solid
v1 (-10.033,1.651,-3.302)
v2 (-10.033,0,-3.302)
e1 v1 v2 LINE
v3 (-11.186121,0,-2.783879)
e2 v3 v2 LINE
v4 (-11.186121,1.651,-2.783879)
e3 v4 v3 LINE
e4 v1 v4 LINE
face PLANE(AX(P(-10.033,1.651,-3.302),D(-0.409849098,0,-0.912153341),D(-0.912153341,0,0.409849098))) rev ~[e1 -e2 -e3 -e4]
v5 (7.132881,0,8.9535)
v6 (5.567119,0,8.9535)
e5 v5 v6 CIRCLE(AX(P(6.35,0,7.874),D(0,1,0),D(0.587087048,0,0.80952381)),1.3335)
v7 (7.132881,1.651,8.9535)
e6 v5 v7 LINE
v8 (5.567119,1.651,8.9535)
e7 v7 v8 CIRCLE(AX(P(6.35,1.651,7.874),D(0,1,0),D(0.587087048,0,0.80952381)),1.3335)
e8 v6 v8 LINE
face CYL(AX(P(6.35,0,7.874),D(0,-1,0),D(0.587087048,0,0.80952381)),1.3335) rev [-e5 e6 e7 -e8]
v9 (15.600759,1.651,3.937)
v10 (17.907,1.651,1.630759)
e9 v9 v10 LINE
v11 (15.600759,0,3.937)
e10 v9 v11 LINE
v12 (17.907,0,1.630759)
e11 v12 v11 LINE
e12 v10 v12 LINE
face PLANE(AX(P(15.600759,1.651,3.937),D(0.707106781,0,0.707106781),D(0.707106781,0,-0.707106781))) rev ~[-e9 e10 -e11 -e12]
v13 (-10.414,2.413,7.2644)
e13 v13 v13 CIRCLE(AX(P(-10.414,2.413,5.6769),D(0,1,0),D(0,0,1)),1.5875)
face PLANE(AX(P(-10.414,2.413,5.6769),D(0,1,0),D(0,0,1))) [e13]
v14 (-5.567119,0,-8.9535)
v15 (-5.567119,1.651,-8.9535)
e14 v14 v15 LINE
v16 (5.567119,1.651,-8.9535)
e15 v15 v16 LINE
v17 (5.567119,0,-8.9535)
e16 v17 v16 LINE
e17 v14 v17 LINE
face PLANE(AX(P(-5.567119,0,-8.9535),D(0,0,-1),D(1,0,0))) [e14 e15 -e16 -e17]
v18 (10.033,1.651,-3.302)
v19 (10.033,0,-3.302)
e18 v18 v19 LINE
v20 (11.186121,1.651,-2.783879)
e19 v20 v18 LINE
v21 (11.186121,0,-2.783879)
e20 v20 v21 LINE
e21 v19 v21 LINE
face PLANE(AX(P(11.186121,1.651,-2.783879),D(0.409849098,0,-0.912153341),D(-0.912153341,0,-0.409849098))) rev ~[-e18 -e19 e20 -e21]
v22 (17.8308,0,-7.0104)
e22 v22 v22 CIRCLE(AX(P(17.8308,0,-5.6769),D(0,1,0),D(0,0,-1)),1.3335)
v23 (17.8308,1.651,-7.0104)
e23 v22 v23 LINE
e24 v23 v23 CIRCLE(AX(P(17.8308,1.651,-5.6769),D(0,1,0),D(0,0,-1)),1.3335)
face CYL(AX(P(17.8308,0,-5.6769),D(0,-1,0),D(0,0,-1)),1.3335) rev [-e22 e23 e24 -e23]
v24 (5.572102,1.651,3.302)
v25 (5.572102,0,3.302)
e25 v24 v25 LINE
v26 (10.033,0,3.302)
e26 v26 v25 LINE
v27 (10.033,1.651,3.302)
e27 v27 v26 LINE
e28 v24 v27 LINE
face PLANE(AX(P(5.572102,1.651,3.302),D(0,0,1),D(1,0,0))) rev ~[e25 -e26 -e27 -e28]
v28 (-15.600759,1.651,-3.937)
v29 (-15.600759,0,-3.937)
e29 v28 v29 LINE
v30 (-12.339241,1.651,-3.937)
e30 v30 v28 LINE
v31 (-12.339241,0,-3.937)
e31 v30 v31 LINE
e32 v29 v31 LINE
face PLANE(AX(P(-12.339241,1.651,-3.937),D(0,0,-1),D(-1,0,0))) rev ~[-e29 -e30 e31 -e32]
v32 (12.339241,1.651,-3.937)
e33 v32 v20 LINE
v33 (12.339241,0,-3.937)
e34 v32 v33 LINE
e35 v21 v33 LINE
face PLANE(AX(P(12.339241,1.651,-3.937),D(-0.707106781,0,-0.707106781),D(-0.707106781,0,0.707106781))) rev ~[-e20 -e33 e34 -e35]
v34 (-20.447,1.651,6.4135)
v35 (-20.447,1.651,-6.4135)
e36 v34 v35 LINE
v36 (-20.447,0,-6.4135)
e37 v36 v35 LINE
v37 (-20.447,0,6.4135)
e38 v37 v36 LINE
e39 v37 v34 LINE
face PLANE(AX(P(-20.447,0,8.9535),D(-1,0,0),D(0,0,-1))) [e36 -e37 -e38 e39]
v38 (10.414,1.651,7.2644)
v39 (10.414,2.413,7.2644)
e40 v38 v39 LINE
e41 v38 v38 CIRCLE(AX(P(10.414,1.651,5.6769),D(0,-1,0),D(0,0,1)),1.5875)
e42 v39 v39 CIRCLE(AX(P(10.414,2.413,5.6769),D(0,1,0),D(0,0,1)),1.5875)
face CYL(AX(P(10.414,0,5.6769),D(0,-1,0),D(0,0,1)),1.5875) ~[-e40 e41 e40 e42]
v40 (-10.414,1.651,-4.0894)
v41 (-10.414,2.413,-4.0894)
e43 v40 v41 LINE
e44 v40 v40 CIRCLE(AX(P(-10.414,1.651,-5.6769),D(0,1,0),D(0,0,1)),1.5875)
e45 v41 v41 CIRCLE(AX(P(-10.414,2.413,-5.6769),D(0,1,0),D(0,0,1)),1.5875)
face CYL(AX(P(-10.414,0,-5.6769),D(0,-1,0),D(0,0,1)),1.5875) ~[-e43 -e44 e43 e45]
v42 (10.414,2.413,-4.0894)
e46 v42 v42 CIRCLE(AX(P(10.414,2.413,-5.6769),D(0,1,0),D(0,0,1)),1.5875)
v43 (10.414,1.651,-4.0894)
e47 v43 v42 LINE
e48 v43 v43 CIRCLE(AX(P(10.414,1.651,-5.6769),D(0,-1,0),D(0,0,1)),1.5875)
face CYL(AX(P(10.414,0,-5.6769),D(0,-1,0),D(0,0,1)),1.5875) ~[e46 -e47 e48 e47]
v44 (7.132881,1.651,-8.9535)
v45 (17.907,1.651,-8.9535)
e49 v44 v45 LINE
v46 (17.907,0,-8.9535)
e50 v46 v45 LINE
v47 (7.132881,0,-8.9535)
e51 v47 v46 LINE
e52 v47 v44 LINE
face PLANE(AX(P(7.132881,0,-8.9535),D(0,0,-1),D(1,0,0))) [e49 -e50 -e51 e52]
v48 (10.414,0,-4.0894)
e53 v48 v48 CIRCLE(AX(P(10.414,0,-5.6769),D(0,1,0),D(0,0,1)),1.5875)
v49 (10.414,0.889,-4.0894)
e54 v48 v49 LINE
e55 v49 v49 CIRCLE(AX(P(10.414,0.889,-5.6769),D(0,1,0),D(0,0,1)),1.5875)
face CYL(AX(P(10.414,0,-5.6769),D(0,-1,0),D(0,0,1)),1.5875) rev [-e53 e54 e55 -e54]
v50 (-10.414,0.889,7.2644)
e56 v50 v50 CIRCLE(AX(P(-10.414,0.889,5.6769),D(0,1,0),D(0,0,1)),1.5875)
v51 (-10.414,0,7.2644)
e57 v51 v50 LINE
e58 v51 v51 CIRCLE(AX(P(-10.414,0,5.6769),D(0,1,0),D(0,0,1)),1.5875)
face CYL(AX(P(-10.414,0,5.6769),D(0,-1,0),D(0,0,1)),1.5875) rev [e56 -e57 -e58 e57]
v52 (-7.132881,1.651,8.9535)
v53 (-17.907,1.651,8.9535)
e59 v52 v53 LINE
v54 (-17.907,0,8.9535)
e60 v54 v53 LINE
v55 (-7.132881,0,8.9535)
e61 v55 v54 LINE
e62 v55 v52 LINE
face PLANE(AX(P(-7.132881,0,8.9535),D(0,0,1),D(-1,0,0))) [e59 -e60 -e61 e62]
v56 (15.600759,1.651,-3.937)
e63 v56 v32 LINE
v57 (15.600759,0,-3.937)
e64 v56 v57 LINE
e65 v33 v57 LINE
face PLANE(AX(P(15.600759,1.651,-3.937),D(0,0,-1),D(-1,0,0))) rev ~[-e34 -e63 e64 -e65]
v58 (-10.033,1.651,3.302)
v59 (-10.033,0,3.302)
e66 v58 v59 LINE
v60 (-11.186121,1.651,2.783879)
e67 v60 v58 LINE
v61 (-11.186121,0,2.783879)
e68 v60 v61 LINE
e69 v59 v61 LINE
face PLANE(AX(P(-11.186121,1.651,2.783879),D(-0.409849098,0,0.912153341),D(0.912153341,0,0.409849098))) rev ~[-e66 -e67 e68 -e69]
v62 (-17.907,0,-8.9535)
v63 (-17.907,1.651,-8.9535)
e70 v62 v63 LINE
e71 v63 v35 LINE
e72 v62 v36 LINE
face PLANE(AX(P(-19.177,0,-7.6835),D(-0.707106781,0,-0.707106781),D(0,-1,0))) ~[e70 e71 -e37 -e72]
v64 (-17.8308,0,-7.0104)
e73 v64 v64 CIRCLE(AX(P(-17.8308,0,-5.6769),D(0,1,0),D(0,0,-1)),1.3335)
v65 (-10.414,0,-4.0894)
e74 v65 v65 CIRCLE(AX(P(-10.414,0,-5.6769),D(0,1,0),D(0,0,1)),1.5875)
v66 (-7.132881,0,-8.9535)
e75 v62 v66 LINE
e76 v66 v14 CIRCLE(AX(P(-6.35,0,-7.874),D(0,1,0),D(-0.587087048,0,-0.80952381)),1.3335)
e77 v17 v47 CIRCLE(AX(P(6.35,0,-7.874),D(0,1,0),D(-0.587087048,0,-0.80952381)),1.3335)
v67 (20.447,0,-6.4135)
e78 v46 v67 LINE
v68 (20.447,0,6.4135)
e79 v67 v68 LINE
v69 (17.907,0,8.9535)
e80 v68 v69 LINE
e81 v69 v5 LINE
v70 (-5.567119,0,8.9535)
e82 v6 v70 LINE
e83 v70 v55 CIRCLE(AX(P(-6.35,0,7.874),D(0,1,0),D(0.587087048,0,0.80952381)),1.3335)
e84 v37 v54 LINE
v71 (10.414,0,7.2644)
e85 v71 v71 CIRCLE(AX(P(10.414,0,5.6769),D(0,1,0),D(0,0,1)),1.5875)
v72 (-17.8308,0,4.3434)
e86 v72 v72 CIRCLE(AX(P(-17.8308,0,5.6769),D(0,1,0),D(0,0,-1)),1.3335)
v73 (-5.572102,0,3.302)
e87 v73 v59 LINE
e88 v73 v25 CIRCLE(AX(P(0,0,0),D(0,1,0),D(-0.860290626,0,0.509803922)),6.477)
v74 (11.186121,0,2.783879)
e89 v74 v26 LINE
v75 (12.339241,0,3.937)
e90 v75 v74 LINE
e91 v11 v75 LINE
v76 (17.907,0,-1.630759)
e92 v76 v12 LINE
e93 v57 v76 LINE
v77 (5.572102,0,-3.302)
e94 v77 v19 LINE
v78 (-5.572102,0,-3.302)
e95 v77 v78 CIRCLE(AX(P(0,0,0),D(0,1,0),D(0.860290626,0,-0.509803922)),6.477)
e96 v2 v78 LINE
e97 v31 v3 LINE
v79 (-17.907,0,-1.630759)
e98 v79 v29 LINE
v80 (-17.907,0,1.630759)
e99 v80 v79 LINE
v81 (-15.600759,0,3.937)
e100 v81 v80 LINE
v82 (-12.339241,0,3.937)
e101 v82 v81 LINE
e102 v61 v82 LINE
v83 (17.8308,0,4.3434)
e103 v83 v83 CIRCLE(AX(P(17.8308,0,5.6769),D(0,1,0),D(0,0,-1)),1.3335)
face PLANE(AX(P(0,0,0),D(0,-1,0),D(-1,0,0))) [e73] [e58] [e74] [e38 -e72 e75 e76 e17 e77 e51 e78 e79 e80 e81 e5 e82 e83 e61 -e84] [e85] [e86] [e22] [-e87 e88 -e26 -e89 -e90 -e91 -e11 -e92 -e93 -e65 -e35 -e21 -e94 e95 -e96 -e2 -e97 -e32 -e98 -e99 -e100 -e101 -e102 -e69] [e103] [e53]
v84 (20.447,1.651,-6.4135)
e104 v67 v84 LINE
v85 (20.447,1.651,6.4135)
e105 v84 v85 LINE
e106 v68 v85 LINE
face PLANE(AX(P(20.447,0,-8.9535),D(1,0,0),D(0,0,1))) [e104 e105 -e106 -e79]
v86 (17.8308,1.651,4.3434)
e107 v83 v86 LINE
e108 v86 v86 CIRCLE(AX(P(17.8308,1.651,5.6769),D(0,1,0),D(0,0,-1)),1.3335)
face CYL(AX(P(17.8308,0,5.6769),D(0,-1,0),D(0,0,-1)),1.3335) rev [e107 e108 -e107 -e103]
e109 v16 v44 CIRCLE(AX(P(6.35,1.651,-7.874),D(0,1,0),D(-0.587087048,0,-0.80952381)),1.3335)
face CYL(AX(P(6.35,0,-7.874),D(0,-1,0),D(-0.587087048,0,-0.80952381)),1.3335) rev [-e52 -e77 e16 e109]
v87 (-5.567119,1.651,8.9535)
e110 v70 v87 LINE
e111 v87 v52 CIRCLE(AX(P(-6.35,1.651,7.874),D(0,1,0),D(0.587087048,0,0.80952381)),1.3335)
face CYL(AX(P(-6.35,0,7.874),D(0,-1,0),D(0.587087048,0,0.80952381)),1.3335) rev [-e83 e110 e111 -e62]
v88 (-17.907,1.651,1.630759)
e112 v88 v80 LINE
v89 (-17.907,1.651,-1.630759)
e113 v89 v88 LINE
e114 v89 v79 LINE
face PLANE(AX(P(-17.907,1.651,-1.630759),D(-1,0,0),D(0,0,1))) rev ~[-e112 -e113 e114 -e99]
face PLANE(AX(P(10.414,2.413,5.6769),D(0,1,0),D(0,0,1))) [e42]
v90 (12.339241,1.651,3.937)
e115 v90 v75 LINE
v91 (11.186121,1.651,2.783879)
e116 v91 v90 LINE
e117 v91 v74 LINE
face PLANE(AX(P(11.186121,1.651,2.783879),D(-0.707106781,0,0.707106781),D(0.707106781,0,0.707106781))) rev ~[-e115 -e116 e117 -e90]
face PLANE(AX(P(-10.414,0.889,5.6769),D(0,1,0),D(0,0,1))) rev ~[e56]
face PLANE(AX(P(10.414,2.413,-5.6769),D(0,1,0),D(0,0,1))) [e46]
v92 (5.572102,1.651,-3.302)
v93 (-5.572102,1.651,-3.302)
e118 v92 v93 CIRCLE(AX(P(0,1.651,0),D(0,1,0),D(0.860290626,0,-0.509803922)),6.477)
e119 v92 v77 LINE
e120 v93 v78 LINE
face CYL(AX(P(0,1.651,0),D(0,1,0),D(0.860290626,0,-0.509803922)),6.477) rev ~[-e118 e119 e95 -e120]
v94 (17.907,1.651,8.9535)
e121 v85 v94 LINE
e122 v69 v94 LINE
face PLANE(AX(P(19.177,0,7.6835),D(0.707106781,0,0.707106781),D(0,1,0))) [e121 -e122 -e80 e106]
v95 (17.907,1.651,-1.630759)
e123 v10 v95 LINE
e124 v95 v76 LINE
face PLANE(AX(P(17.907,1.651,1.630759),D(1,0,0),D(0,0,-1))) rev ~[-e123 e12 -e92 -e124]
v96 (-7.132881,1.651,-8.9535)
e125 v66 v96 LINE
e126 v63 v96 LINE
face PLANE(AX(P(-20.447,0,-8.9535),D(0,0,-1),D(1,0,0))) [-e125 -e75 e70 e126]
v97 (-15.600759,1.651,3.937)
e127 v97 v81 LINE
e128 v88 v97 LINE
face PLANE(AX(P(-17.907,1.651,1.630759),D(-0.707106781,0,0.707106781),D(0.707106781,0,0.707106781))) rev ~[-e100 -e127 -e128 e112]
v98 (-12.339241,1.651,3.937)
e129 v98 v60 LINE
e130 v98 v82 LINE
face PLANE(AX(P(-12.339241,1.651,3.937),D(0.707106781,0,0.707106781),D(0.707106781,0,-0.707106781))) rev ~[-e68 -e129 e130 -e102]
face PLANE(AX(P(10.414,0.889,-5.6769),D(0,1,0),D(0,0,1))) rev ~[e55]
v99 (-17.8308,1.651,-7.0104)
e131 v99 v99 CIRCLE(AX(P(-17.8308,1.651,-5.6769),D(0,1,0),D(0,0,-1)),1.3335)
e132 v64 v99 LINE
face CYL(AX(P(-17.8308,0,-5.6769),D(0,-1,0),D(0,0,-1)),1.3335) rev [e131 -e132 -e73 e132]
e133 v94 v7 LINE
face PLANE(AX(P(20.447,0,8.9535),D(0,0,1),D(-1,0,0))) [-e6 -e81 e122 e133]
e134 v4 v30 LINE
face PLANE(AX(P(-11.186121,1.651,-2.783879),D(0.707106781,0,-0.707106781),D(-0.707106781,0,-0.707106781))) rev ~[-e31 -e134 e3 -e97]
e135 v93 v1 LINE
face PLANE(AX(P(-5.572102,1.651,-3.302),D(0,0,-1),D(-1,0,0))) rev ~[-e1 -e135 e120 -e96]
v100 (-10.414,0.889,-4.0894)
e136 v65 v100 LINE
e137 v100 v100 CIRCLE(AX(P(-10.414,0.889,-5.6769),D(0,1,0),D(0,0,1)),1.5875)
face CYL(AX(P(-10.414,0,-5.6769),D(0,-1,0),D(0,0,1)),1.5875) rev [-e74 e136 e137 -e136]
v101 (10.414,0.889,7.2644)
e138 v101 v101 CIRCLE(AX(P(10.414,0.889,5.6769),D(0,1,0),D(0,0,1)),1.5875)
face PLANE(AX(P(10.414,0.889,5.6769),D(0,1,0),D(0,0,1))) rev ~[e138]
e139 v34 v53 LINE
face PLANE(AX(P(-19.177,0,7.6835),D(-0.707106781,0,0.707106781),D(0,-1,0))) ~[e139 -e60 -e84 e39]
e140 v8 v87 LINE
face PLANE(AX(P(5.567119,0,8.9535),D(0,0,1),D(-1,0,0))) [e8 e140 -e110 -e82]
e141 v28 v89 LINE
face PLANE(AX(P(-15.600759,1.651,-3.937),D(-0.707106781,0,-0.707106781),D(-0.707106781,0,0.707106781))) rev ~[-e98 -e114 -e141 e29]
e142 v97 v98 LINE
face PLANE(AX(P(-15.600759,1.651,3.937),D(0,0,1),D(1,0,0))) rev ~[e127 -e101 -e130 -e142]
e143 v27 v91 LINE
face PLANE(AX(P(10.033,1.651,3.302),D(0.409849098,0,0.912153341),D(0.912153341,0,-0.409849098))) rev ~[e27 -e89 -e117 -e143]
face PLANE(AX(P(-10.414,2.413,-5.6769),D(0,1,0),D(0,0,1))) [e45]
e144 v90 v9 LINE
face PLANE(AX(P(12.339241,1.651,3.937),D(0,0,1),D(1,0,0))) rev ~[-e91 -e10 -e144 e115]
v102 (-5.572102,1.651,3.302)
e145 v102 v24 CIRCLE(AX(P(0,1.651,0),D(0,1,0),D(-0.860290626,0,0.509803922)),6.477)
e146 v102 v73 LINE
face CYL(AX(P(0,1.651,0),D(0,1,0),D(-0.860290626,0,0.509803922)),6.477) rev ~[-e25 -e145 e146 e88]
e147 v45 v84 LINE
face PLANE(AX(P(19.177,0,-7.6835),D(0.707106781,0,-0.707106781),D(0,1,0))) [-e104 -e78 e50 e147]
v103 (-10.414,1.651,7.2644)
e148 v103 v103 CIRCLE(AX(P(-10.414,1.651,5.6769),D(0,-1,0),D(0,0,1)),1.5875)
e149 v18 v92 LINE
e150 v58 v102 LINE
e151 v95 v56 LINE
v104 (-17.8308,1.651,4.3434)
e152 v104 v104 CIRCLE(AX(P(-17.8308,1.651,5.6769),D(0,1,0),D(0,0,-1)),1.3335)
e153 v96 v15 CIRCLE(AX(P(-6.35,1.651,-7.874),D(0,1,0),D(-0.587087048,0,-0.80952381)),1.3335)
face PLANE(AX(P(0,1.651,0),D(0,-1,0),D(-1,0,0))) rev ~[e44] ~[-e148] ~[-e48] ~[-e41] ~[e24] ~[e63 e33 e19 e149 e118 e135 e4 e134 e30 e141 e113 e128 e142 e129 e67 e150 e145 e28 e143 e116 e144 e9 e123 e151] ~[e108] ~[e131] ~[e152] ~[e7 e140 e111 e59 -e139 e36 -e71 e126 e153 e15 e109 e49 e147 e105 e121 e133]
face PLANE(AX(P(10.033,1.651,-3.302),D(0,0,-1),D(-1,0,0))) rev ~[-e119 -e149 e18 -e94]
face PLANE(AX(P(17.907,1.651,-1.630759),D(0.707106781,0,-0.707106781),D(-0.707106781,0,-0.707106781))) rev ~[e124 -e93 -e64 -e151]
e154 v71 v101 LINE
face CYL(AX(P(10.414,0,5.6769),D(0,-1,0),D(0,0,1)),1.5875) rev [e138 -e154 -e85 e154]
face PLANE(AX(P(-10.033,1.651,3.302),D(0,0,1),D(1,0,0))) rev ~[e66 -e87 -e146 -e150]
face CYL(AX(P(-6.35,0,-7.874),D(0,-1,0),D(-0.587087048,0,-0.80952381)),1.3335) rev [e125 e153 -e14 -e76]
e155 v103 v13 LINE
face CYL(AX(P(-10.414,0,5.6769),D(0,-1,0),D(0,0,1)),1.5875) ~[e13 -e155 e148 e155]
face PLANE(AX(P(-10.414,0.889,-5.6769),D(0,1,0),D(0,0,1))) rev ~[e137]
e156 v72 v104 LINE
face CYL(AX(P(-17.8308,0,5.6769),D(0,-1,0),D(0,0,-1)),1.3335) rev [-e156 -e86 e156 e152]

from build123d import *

# Parameters (mm, degrees)
SKETCH1_R           = 1.3335
SKETCH1_R_2         = 1.5875
BOSS_EXTRUDE1_DEPTH = 1.651
CHAMFER1_SIZE       = 2.54
SKETCH1_2_R         = 1.5875
BOSS_EXTRUDE2_DEPTH = 2.413
SKETCH1_3_R         = 1.5875
CUT_EXTRUDE1_DEPTH  = 0.889
CUT_EXTRUDE2_DEPTH  = 23.382376376


with BuildPart() as part:
    # Sketch1 → Boss-Extrude1 (new body)
    with BuildSketch(Plane(origin=(0, 0, 0), x_dir=(1, 0, 0), z_dir=(0, 1, 0))):
        with BuildLine():
            Line((-5.567119422, 8.9535), (5.567119422, 8.9535))
            ThreePointArc((5.567119422, 8.9535), (6.35, 6.5405), (7.132880578, 8.9535))
            Line((7.132880578, 8.9535), (20.447, 8.9535))
            Line((20.447, 8.9535), (20.447, -8.9535))
            Line((20.447, -8.9535), (7.132880578, -8.9535))
            ThreePointArc((7.132880578, -8.9535), (6.35, -6.5405), (5.567119422, -8.9535))
            Line((5.567119422, -8.9535), (-5.567119422, -8.9535))
            ThreePointArc((-5.567119422, -8.9535), (-6.35, -6.5405), (-7.132880578, -8.9535))
            Line((-7.132880578, -8.9535), (-20.447, -8.9535))
            Line((-20.447, -8.9535), (-20.447, 8.9535))
            Line((-20.447, 8.9535), (-7.132880578, 8.9535))
            ThreePointArc((-7.132880578, 8.9535), (-6.35, 6.5405), (-5.567119422, 8.9535))
        make_face()
        with Locations((-17.8308, 5.6769)):
            Circle(SKETCH1_R, mode=Mode.SUBTRACT)
        with Locations((17.8308, 5.6769)):
            Circle(SKETCH1_R, mode=Mode.SUBTRACT)
        with Locations((17.8308, -5.6769)):
            Circle(SKETCH1_R, mode=Mode.SUBTRACT)
        with Locations((-17.8308, -5.6769)):
            Circle(SKETCH1_R, mode=Mode.SUBTRACT)
        with Locations((-10.414, 5.6769)):
            Circle(SKETCH1_R_2, mode=Mode.SUBTRACT)
        with Locations((10.414, 5.6769)):
            Circle(SKETCH1_R_2, mode=Mode.SUBTRACT)
        with Locations((10.414, -5.6769)):
            Circle(SKETCH1_R_2, mode=Mode.SUBTRACT)
        with Locations((-10.414, -5.6769)):
            Circle(SKETCH1_R_2, mode=Mode.SUBTRACT)
    extrude(amount=BOSS_EXTRUDE1_DEPTH)

    # Chamfer1
    chamfer1_edges = [part.edges().sort_by_distance(p)[0] for p in [
        (-20.447, 0.8255, 8.9535),
        (-20.447, 0.8255, -8.9535),
        (20.447, 0.8255, -8.9535),
        (20.447, 0.8255, 8.9535),
    ]]
    chamfer(chamfer1_edges, length=CHAMFER1_SIZE)

    # Sketch1<2> → Boss-Extrude2 (add)
    with BuildSketch(Plane(origin=(0, 0, 0), x_dir=(1, 0, 0), z_dir=(0, 1, 0))):
        with Locations((-10.414, 5.6769)):
            Circle(SKETCH1_2_R)
        with Locations((10.414, 5.6769)):
            Circle(SKETCH1_2_R)
        with Locations((10.414, -5.6769)):
            Circle(SKETCH1_2_R)
        with Locations((-10.414, -5.6769)):
            Circle(SKETCH1_2_R)
    extrude(amount=BOSS_EXTRUDE2_DEPTH)

    # Sketch1<3> → Cut-Extrude1 (cut)
    with BuildSketch(Plane(origin=(0, 0, 0), x_dir=(1, 0, 0), z_dir=(0, 1, 0))):
        with Locations((-10.414, 5.6769)):
            Circle(SKETCH1_3_R)
        with Locations((10.414, 5.6769)):
            Circle(SKETCH1_3_R)
        with Locations((10.414, -5.6769)):
            Circle(SKETCH1_3_R)
        with Locations((-10.414, -5.6769)):
            Circle(SKETCH1_3_R)
    extrude(amount=CUT_EXTRUDE1_DEPTH, mode=Mode.SUBTRACT)

    # Sketch2 → Cut-Extrude2 (cut, through all)
    with BuildSketch(Plane(origin=(0, 1.651, 0), x_dir=(1, 0, 0), z_dir=(0, 1, 0))):
        with BuildLine():
            Line((-17.907, 1.630758795), (-17.907, -1.630758795))
            Line((-17.907, -1.630758795), (-15.600758795, -3.937))
            Line((-15.600758795, -3.937), (-12.339241205, -3.937))
            Line((-12.339241205, -3.937), (-11.186120602, -2.783879398))
            Line((-11.186120602, -2.783879398), (-10.033, -3.302))
            Line((-10.033, -3.302), (-5.572102386, -3.302))
            ThreePointArc((-5.572102386, -3.302), (0, -6.477), (5.572102386, -3.302))
            Line((5.572102386, -3.302), (10.033, -3.302))
            Line((10.033, -3.302), (11.186120602, -2.783879398))
            Line((11.186120602, -2.783879398), (12.339241205, -3.937))
            Line((12.339241205, -3.937), (15.600758795, -3.937))
            Line((15.600758795, -3.937), (17.907, -1.630758795))
            Line((17.907, -1.630758795), (17.907, 1.630758795))
            Line((17.907, 1.630758795), (15.600758795, 3.937))
            Line((15.600758795, 3.937), (12.339241205, 3.937))
            Line((12.339241205, 3.937), (11.186120602, 2.783879398))
            Line((11.186120602, 2.783879398), (10.033, 3.302))
            Line((10.033, 3.302), (5.572102386, 3.302))
            ThreePointArc((5.572102386, 3.302), (0, 6.477), (-5.572102386, 3.302))
            Line((-5.572102386, 3.302), (-10.033, 3.302))
            Line((-10.033, 3.302), (-11.186120602, 2.783879398))
            Line((-11.186120602, 2.783879398), (-12.339241205, 3.937))
            Line((-12.339241205, 3.937), (-15.600758795, 3.937))
            Line((-15.600758795, 3.937), (-17.907, 1.630758795))
        make_face()
    extrude(amount=-CUT_EXTRUDE2_DEPTH, mode=Mode.SUBTRACT)


solid = part.part
